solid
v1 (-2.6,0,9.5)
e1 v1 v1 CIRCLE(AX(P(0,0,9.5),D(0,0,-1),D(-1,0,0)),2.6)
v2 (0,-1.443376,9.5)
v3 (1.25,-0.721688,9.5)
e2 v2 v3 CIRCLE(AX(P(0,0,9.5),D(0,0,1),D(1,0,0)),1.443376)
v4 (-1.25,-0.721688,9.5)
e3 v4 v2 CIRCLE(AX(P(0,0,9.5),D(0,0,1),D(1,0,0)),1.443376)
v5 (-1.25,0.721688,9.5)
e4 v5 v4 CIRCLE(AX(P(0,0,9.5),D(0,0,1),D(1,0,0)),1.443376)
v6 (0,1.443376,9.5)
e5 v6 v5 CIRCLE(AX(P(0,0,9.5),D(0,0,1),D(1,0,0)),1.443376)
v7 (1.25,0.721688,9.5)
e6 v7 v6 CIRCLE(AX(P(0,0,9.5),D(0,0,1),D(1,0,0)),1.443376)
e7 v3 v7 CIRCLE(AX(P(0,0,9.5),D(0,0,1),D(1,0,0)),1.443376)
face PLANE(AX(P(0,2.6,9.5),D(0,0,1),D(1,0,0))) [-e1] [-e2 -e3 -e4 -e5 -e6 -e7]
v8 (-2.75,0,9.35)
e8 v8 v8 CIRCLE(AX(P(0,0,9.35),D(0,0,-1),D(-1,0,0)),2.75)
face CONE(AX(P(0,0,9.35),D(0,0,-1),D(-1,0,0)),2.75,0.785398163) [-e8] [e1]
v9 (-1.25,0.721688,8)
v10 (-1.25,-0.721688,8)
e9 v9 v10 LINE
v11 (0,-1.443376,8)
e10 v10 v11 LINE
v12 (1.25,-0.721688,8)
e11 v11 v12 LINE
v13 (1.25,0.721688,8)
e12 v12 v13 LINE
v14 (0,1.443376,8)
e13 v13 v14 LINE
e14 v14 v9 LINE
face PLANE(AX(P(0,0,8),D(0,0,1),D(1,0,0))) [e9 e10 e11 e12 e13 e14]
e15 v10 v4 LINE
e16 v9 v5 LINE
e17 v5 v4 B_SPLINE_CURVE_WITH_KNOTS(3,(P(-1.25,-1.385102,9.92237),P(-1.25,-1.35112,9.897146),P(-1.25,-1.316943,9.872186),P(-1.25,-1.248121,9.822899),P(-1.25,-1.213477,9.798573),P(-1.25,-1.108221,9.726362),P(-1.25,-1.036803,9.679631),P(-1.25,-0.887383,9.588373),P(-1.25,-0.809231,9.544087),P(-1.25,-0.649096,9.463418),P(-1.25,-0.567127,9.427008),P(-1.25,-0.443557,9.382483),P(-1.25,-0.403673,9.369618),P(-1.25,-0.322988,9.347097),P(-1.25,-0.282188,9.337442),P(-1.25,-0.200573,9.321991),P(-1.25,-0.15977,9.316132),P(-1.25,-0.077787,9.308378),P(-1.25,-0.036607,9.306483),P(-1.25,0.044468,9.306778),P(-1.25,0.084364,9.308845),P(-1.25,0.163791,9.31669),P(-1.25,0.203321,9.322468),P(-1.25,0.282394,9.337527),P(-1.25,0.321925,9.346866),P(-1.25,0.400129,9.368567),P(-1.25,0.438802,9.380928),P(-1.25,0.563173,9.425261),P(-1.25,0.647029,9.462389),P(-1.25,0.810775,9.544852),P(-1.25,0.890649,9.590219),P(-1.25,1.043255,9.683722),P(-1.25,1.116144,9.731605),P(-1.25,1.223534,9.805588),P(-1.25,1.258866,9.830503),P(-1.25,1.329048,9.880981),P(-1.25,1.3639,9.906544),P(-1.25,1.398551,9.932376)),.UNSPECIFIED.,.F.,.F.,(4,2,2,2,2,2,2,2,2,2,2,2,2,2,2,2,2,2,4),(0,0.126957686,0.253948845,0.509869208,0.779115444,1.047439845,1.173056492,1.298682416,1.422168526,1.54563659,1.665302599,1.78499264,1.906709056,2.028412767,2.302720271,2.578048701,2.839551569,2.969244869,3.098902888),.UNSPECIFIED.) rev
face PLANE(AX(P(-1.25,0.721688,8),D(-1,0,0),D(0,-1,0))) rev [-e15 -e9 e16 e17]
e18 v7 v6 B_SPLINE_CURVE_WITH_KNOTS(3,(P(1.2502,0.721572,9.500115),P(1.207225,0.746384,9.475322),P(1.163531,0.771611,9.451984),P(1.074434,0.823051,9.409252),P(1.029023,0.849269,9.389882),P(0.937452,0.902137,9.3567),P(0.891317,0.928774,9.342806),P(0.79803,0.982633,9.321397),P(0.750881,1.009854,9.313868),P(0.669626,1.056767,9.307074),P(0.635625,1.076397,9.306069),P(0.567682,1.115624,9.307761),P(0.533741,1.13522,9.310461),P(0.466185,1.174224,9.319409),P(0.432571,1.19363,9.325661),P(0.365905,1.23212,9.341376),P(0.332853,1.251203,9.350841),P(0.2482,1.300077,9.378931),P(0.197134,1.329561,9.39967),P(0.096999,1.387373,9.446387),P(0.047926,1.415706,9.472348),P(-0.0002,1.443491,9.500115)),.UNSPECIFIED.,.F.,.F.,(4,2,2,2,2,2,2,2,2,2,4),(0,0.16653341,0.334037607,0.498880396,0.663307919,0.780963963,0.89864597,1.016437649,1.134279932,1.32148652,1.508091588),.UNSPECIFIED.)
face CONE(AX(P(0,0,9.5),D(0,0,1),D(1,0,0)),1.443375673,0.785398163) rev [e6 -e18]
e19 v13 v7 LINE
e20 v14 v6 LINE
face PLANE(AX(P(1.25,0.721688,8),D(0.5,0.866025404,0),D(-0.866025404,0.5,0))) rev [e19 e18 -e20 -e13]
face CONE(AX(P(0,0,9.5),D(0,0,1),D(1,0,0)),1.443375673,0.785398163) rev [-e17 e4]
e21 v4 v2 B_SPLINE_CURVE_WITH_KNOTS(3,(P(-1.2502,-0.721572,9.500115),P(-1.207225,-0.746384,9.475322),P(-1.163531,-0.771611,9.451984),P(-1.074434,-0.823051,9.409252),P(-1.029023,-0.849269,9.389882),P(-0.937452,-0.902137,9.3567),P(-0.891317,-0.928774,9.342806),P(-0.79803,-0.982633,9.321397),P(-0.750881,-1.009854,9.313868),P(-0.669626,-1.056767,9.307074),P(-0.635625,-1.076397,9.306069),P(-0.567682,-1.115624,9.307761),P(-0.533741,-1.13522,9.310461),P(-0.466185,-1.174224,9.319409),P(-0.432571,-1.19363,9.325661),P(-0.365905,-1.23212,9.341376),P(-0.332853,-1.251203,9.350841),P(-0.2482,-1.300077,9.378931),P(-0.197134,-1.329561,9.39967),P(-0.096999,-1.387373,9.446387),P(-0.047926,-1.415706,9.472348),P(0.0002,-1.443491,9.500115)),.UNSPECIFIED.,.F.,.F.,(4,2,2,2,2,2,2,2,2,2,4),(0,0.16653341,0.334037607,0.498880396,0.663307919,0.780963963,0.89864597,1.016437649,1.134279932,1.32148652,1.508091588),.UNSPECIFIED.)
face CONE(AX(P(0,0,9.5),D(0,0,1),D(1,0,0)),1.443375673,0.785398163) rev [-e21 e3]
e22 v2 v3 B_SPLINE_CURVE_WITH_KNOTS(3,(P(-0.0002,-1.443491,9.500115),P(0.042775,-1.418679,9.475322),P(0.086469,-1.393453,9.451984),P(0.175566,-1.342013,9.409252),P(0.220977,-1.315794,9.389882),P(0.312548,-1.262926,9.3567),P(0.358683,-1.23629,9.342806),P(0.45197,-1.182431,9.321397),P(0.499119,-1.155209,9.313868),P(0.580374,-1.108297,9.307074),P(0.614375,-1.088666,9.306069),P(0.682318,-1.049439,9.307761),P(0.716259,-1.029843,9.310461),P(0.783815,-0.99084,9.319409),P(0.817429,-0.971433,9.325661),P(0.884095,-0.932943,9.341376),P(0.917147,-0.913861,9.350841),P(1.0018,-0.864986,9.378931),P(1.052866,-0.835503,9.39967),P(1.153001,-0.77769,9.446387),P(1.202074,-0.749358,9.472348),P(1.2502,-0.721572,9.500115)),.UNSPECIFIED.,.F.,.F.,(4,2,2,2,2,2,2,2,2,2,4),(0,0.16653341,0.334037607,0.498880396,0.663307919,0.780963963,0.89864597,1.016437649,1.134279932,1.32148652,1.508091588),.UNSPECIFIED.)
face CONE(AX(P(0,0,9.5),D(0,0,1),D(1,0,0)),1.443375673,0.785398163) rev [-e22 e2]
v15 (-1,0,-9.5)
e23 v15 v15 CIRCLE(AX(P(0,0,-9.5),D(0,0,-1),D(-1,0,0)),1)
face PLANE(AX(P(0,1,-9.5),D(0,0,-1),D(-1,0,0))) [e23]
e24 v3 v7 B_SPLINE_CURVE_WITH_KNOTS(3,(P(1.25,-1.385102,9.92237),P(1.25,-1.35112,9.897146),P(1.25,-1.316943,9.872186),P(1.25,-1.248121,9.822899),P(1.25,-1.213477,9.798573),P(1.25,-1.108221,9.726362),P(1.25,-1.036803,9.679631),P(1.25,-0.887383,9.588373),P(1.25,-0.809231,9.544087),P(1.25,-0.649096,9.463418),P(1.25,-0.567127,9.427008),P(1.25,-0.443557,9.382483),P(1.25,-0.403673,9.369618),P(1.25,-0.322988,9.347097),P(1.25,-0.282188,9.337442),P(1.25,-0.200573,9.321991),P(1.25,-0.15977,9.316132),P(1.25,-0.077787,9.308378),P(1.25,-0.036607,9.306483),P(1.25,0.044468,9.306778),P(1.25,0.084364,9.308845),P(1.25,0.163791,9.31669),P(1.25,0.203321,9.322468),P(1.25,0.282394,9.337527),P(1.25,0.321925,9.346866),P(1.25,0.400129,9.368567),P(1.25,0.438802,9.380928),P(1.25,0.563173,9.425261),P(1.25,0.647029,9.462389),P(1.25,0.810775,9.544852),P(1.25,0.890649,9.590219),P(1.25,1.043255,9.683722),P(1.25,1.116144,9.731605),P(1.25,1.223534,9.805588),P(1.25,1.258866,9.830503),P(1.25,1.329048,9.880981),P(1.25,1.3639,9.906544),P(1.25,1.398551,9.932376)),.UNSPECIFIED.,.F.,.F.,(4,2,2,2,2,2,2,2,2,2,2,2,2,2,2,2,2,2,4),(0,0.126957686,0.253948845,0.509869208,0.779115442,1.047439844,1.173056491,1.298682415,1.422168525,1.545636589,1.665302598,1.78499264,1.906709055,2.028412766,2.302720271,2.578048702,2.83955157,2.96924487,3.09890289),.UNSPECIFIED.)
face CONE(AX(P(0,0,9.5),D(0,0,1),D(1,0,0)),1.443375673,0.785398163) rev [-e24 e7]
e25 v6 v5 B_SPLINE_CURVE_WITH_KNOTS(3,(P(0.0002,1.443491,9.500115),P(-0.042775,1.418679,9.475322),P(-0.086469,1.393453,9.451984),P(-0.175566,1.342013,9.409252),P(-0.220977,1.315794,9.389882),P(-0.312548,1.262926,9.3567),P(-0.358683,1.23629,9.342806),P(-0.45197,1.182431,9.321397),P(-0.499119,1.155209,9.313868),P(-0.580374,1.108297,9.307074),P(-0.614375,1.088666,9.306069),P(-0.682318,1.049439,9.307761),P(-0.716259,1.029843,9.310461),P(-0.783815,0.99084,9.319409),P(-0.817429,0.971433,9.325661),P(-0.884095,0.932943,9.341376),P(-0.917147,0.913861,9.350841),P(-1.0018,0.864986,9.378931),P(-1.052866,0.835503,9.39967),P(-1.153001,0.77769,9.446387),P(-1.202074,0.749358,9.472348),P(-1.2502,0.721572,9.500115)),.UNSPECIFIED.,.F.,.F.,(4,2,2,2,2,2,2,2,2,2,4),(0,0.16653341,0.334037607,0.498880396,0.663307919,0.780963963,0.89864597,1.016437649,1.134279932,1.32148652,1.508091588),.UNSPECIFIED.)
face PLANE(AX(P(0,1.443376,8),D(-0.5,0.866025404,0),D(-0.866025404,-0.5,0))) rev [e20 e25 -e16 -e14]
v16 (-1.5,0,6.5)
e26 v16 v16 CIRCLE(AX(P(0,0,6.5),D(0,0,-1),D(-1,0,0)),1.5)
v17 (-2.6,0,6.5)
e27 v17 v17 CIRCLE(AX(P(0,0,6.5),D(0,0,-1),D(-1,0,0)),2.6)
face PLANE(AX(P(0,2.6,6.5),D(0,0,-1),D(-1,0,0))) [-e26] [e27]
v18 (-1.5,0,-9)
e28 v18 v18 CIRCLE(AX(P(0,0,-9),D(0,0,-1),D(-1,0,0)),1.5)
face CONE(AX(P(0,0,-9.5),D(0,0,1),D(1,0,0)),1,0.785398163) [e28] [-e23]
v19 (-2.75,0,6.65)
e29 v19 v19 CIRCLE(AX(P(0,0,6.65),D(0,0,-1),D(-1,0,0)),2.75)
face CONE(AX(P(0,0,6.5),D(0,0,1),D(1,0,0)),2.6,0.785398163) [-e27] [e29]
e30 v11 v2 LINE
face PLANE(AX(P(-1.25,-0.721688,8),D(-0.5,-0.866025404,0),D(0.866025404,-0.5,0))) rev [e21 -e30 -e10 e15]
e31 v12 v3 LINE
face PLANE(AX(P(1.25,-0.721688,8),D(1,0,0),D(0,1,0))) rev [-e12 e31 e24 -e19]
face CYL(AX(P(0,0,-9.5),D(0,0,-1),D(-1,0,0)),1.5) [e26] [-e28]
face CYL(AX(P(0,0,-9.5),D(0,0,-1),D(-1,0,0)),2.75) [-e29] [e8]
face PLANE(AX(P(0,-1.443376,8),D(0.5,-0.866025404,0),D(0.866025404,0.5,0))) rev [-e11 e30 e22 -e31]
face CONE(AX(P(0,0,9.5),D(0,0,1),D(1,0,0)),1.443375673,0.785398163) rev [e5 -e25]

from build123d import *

# Parameters (mm, degrees)
CUT_EXTRUDE1_START = -1.5
CUT_EXTRUDE1_DEPTH = 1.5
SKETCH4_R          = 1.443375673
CUT_EXTRUDE2_DEPTH = 0.5
CUT_EXTRUDE2_TAPER = 45


with BuildPart() as part:
    # Sketch2 → Revolve1 (revolve)
    with BuildSketch(Plane(origin=(0, 0, 0), x_dir=(0, 0, -1), z_dir=(1, 0, 0))):
        Polygon((-9.35, 2.75), (-6.65, 2.75), (-6.5, 2.6), (-6.5, 1.5), (9, 1.5), (9.5, 1), (9.5, 0), (-9.5, 0), (-9.5, 2.6), align=None)
    revolve(axis=Axis((0, 0, -9.5), (0, 0, 1)))

    # Sketch3 → Cut-Extrude1 (cut)
    with BuildSketch(Plane.XY.offset(9.5).offset(CUT_EXTRUDE1_START)):
        Polygon((0, 1.443375673), (-1.25, 0.721687836), (-1.25, -0.721687836), (0, -1.443375673), (1.25, -0.721687836), (1.25, 0.721687836), align=None)
    extrude(amount=CUT_EXTRUDE1_DEPTH, mode=Mode.SUBTRACT)

    # Sketch4 → Cut-Extrude2 (cut)
    with BuildSketch(Plane.XY.offset(9.5)):
        Circle(SKETCH4_R)
    extrude(amount=-CUT_EXTRUDE2_DEPTH, taper=CUT_EXTRUDE2_TAPER, mode=Mode.SUBTRACT)


solid = part.part
